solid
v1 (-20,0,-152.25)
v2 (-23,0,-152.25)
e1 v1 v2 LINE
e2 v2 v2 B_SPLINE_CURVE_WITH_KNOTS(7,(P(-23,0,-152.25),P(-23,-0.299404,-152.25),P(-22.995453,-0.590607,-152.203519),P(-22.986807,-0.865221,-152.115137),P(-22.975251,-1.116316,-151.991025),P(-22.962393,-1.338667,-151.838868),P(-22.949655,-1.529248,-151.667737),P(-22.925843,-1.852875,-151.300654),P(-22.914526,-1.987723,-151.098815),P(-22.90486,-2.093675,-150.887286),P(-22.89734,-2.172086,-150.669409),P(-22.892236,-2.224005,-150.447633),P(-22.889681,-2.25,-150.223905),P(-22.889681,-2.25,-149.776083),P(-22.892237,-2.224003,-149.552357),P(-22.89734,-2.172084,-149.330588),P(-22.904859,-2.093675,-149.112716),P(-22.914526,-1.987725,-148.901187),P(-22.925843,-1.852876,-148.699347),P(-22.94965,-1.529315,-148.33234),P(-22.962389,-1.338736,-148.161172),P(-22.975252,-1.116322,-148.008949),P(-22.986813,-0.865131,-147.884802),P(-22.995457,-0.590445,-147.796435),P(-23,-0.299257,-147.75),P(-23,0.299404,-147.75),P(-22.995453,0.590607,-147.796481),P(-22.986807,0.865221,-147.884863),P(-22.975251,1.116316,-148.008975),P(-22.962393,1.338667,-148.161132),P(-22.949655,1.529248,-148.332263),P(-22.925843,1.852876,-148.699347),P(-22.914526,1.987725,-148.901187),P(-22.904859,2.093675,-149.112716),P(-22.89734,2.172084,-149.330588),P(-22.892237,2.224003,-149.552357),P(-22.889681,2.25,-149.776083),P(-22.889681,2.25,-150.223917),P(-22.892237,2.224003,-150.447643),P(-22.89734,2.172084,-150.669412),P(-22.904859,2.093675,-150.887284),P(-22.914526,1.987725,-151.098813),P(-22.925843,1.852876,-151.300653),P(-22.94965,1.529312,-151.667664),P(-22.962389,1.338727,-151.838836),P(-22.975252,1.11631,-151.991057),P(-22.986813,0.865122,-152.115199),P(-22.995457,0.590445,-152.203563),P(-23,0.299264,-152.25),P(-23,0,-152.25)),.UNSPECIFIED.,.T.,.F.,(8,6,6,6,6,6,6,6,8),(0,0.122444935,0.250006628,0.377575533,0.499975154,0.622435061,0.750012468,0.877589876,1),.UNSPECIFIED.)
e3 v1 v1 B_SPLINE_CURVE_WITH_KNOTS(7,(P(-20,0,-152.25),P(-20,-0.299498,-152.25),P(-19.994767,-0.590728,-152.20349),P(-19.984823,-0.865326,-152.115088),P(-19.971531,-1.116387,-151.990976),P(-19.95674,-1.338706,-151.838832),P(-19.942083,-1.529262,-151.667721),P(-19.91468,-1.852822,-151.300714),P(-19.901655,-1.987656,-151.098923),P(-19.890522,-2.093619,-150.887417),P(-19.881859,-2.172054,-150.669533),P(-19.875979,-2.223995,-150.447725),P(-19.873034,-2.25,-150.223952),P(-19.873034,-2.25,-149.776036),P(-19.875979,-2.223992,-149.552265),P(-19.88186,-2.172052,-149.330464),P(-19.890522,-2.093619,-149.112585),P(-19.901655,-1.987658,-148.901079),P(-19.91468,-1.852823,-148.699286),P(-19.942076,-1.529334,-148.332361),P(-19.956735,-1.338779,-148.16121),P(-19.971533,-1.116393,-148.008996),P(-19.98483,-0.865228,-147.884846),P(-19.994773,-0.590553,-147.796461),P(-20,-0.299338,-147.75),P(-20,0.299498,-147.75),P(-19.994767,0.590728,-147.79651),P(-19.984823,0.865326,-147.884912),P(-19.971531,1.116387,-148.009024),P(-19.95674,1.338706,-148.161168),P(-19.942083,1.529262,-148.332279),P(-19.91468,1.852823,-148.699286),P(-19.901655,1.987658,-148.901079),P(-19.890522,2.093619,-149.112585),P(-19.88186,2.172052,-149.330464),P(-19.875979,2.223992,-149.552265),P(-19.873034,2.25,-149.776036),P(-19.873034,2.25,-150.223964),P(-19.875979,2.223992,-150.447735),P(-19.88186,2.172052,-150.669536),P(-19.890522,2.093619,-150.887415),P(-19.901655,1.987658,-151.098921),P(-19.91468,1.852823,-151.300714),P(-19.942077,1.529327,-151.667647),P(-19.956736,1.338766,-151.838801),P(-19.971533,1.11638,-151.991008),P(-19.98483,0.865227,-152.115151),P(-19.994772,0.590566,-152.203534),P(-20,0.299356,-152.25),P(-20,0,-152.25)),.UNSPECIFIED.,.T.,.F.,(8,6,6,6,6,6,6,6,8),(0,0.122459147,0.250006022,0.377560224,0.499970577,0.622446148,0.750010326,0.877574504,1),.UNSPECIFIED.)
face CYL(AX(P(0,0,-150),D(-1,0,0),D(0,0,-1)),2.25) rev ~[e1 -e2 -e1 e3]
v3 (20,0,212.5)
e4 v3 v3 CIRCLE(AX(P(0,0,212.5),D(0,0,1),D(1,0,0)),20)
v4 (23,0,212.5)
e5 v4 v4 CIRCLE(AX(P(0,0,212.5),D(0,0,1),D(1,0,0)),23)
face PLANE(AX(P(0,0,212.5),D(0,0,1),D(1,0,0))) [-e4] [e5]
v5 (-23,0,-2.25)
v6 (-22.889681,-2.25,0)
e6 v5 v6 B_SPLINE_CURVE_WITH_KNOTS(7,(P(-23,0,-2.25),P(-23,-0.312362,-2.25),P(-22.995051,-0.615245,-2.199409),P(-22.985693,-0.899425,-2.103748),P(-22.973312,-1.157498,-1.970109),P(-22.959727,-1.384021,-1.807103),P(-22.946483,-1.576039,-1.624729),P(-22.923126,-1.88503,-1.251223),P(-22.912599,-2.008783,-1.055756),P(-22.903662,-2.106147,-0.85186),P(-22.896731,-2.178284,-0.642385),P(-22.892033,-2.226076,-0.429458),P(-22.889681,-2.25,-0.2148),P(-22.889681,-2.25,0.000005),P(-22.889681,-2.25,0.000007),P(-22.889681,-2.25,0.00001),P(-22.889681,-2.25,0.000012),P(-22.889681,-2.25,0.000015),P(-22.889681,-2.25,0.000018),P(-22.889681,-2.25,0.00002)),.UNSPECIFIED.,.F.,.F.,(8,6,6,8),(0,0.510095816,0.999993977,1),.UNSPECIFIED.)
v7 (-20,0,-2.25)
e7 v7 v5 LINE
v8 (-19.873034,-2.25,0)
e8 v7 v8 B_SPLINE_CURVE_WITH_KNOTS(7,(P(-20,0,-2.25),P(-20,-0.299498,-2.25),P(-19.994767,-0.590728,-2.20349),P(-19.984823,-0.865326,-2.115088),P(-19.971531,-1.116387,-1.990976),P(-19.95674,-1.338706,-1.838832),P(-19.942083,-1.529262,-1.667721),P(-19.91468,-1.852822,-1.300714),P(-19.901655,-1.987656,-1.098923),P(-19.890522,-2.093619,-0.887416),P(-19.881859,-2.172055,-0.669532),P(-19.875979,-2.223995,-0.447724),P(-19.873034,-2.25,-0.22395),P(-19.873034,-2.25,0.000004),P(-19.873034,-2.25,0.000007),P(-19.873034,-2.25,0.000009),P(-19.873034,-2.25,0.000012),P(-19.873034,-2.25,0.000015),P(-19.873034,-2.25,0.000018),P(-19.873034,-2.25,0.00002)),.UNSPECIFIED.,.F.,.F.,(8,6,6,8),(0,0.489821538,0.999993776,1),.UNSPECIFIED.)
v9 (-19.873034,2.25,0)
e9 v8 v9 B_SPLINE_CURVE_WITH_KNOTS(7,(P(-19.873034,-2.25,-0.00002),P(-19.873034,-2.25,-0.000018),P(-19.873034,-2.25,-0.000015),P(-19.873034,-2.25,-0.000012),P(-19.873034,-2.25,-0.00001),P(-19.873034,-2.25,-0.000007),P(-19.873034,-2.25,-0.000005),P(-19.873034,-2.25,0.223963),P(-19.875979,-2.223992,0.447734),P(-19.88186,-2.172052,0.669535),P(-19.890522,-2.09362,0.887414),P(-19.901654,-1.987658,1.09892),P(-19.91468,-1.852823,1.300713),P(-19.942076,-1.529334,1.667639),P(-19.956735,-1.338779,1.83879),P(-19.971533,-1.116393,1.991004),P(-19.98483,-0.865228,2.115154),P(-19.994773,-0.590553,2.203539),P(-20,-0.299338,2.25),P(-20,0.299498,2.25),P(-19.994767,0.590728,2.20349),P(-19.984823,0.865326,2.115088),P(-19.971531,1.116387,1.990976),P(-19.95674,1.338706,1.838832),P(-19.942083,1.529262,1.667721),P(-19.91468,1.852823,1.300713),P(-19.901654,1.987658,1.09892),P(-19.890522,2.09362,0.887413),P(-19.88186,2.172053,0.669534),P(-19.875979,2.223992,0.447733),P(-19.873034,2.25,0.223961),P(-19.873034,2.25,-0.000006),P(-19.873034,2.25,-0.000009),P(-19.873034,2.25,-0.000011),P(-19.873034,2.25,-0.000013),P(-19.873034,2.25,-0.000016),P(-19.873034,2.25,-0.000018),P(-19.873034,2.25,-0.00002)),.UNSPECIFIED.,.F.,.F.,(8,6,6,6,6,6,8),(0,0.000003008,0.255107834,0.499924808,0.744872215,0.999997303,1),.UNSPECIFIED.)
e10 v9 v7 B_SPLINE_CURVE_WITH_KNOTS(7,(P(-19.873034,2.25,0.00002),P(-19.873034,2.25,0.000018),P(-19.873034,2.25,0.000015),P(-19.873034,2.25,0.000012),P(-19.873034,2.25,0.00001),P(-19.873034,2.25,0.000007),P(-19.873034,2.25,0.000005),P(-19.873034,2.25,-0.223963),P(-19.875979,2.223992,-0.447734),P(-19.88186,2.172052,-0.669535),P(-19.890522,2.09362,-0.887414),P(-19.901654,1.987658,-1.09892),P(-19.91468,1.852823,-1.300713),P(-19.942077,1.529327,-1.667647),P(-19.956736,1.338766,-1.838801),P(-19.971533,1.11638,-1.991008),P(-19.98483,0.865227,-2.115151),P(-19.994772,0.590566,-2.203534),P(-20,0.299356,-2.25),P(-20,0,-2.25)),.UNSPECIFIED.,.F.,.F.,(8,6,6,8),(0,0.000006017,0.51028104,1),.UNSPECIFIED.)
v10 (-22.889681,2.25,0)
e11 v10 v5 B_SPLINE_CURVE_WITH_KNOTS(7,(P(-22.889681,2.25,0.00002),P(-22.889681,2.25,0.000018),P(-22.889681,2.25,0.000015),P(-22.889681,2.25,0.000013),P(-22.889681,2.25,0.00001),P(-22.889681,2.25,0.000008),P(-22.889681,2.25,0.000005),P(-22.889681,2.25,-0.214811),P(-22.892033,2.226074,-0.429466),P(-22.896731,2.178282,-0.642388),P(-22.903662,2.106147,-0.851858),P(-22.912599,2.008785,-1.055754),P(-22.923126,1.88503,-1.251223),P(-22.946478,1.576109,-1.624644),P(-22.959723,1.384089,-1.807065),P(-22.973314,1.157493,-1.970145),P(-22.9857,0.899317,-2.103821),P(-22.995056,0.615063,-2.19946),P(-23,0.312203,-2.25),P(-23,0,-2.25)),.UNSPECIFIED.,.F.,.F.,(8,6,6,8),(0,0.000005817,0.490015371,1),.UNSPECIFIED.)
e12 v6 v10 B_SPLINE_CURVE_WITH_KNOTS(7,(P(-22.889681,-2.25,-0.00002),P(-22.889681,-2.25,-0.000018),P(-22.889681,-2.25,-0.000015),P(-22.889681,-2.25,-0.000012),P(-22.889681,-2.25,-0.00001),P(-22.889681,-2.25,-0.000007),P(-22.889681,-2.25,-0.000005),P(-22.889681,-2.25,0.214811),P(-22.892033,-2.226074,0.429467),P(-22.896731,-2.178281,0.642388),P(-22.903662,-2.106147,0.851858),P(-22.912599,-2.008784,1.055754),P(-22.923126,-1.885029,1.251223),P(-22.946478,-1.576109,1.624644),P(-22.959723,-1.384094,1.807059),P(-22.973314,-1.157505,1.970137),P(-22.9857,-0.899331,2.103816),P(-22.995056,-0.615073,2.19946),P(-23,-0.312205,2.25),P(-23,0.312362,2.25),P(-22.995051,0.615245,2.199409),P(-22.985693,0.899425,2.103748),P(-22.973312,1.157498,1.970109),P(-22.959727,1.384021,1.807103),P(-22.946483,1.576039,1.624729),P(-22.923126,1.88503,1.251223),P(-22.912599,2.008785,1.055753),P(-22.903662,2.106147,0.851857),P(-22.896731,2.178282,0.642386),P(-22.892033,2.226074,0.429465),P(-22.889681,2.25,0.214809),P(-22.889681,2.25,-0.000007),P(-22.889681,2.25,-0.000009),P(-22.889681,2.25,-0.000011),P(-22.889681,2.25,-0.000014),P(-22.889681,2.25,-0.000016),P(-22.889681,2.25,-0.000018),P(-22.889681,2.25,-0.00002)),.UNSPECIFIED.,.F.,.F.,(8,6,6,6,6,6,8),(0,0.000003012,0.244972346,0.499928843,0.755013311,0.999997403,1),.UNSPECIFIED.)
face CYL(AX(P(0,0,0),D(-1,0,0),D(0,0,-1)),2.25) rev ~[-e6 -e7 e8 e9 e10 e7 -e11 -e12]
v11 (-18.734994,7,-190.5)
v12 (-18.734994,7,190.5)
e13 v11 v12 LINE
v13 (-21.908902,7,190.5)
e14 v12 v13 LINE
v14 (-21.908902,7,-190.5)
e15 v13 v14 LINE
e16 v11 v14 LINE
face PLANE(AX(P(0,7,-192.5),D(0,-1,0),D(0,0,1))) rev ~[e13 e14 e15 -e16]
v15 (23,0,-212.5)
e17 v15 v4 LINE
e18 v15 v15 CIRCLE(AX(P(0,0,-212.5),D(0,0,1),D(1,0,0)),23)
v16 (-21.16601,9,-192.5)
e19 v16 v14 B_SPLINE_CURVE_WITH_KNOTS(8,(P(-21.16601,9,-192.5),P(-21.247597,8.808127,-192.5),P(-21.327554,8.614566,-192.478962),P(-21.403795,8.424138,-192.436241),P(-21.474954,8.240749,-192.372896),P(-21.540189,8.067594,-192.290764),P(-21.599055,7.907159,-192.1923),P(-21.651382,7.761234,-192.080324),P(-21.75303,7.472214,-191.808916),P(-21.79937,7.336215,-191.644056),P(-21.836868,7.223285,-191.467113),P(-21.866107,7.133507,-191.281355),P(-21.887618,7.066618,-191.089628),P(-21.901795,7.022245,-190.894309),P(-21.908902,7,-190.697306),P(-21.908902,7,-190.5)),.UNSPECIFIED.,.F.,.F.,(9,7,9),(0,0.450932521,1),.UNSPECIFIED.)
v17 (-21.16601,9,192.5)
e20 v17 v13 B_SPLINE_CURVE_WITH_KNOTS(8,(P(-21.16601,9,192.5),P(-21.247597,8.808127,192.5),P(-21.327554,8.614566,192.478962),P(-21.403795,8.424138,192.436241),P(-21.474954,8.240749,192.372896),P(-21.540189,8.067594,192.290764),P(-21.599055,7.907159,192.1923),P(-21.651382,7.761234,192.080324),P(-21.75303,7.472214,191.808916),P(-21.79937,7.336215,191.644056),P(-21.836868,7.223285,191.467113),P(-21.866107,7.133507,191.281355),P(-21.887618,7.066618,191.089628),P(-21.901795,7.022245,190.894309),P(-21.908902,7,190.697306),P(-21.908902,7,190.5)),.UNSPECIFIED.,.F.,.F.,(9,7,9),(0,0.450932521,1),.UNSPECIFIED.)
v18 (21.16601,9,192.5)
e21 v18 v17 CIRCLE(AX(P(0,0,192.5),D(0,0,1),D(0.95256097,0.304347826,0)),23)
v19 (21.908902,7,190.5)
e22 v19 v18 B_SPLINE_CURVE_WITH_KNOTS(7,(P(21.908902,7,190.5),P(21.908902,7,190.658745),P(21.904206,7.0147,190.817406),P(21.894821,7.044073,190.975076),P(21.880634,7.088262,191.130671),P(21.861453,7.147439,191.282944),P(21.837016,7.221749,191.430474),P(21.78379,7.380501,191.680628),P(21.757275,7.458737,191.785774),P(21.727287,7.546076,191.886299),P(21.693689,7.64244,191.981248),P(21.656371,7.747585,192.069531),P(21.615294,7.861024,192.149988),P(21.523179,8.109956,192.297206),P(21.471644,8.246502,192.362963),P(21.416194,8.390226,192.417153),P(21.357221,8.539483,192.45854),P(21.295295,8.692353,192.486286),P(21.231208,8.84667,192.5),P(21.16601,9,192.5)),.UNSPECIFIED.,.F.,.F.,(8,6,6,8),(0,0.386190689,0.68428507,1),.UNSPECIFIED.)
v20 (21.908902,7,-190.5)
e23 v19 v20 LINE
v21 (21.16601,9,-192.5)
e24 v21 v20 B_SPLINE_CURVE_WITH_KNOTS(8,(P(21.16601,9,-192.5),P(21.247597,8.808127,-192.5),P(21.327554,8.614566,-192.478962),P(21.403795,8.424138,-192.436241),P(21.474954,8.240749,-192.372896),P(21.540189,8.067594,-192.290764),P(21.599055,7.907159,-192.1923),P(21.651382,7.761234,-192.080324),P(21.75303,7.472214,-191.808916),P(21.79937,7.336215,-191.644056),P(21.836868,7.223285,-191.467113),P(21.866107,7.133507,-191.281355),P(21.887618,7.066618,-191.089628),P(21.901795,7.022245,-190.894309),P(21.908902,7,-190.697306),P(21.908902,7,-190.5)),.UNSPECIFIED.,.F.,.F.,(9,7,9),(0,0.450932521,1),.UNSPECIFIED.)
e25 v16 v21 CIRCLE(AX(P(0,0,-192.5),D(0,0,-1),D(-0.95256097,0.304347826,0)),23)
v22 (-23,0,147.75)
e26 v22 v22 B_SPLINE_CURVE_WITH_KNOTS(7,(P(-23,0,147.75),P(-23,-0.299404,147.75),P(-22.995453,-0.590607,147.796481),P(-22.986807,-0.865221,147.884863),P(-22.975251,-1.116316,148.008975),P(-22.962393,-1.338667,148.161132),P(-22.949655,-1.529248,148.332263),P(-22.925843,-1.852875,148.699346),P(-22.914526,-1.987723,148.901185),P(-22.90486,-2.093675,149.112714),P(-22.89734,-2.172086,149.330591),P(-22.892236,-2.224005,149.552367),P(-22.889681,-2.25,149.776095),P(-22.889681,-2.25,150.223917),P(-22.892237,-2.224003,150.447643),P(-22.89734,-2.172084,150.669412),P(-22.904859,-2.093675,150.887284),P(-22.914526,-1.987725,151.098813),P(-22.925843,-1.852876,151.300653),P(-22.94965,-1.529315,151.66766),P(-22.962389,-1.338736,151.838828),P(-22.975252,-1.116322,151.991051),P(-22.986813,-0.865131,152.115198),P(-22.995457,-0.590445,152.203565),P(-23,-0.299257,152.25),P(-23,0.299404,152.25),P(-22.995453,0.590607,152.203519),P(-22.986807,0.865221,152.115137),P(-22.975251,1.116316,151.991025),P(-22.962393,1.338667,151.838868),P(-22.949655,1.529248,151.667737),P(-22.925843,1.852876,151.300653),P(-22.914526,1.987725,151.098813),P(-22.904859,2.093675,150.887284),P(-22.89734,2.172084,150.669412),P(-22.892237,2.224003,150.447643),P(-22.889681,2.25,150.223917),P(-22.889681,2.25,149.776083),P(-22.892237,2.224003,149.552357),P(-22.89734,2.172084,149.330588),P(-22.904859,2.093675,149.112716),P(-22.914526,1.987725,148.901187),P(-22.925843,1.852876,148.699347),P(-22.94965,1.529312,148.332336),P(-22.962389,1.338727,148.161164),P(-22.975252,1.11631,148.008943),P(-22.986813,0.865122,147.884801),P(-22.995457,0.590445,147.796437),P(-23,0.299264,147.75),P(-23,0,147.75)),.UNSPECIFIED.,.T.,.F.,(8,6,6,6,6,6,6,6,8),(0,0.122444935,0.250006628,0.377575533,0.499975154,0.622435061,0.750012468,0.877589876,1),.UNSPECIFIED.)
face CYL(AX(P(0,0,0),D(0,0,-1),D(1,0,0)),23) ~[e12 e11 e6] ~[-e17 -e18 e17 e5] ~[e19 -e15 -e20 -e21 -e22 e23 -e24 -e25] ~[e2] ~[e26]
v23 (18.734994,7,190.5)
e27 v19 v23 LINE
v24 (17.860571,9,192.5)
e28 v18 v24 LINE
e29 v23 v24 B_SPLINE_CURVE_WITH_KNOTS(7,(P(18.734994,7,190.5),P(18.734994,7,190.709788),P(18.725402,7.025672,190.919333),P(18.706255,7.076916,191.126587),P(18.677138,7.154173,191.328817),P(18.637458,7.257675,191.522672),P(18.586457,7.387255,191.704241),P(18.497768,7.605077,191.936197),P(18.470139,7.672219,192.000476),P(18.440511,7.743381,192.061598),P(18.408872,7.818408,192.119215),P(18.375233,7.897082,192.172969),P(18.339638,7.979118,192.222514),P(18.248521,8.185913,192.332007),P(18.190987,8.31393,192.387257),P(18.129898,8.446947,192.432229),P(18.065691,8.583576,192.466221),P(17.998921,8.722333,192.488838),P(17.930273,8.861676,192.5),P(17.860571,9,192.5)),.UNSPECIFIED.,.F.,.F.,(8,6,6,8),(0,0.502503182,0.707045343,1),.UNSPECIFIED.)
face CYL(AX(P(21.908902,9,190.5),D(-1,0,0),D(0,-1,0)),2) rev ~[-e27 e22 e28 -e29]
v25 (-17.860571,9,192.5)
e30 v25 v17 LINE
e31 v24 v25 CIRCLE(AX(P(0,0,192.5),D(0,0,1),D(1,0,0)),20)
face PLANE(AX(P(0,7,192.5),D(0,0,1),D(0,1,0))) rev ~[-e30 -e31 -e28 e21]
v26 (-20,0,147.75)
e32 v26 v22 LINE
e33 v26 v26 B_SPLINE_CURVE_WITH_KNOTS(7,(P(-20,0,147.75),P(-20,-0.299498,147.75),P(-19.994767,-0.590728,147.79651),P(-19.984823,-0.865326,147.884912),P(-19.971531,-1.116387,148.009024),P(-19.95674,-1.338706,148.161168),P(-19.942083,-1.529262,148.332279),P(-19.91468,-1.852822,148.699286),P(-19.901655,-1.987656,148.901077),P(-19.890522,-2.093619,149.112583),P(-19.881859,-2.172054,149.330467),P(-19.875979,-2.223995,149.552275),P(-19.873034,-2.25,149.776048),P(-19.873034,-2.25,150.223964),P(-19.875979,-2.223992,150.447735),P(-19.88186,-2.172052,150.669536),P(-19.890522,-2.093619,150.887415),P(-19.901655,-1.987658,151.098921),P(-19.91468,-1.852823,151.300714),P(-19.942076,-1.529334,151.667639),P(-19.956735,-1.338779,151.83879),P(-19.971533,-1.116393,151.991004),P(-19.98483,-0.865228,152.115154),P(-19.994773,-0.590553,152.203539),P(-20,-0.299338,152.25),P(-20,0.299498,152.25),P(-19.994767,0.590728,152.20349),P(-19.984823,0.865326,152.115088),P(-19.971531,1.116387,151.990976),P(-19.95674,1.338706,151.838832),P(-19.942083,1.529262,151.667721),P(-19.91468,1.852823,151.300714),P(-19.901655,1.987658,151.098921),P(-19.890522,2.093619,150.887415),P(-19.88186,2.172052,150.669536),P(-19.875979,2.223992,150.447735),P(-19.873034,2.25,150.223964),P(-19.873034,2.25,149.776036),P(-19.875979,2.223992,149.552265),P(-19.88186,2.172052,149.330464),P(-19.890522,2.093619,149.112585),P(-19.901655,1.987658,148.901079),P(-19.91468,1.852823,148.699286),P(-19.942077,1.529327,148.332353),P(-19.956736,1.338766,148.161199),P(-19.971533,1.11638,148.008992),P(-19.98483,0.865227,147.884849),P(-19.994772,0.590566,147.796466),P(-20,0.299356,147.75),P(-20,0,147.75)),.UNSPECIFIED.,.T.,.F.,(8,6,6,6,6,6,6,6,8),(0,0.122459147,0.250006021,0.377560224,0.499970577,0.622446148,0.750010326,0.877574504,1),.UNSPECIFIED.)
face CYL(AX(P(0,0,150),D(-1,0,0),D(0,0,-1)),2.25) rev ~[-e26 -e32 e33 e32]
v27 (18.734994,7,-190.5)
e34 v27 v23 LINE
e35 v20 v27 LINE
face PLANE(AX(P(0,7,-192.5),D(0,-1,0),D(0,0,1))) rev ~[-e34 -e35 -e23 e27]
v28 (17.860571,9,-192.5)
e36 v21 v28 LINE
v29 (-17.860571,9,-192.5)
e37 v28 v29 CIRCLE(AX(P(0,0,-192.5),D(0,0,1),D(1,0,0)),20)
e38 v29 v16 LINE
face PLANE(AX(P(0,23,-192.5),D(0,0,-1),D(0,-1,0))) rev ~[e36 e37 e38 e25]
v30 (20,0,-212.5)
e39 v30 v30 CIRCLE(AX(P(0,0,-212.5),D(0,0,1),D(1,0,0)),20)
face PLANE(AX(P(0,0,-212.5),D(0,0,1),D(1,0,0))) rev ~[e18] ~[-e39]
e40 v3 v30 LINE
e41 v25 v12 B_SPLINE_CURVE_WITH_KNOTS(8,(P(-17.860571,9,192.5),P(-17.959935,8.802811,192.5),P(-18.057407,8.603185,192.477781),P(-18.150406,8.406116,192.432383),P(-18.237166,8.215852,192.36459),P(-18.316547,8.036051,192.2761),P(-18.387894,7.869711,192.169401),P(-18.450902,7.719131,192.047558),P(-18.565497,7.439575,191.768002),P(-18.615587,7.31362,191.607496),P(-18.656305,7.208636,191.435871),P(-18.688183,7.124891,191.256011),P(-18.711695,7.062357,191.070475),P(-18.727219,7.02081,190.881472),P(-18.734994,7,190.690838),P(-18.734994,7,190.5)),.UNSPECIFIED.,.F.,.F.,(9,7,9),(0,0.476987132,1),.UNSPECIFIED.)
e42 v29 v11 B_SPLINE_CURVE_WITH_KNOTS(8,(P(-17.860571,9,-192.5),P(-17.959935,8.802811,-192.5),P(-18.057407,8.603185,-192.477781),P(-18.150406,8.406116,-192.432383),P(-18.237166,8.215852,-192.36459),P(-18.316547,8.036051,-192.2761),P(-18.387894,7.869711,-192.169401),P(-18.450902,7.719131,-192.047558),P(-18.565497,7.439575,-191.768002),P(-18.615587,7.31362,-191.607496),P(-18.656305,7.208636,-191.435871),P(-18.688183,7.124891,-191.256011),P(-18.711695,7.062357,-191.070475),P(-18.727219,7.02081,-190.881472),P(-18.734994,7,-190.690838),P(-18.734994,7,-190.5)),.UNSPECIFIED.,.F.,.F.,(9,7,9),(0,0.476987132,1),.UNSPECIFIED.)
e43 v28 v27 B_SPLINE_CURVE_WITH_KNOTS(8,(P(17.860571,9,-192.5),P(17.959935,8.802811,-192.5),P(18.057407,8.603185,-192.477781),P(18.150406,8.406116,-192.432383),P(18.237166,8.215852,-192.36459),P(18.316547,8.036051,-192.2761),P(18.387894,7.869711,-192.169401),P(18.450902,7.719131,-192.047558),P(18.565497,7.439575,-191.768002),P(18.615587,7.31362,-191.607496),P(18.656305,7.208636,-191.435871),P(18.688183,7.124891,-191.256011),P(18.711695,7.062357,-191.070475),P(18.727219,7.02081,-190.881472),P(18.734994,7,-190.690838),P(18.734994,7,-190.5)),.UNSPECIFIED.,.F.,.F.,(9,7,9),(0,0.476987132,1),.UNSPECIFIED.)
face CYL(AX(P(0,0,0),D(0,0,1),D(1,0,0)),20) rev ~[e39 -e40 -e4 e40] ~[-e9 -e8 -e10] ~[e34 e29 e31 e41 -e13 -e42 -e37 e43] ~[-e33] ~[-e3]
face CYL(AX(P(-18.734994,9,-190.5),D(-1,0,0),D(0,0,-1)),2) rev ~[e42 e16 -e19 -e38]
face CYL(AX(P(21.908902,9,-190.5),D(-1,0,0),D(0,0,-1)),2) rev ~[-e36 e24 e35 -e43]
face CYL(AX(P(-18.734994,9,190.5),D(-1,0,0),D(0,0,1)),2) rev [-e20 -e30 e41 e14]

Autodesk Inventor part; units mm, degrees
ref_plane "YZ Plane" through (0, 0, 0) normal (1, 0, 0) x (0, 1, 0)
ref_plane "XZ Plane" through (0, 0, 0) normal (0, 1, 0) x (-1, 0, 0)
ref_plane "XY Plane" through (0, 0, 0) normal (0, 0, 1) x (1, 0, 0)
sketch "Sketch1" plane through (0, 0, 0) normal (0, 0, 1) x (1, 0, 0)
  circle A0 centre (0, 0) radius 20
  circle A1 centre (0, 0) radius 23
  dimension "d0" = 40
  dimension "d1" = 46
extrude "Extrusion1" add sketch "Sketch1" along normal mid plane 425
sketch "Sketch2" plane through (0, 0, 0) normal (1, 0, 0) x (0, 1, 0)
  line L0 (0, 280) -> (0, -280) projected
  line L1 (-280, 0) -> (280, 0) projected
  point P0 (0, 0)
  point P1 (0, 150)
  point P2 (0, 0)
  point P3 (0, -150)
  dimension "d4" = 150
  dimension "d5" = 150
hole "Hole1" at (0, 0, 150) at (0, 0, 0) at (0, 0, -150) direction (-1, 0, 0) diameter 4.5 end through all clearance for "Flat Head Machine Screw" size "M4" standard "Ansi Metric M Profile"
sketch "Sketch3" plane through (0, 0, 0) normal (1, 0, 0) x (0, 1, 0)
  line L0 (23, -192.5) -> (7, -192.5)
  line L1 (7, -192.5) -> (7, 192.5)
  line L2 (7, 192.5) -> (23, 192.5)
  line L3 (23, 192.5) -> (23, -192.5)
  line L4 (23, 212.5) -> (-23, 212.5) projected
  line L5 (-23, -212.5) -> (23, -212.5) projected
  line L6 (0, 364) -> (0, -364) projected
  point P0 (0, 0)
  dimension "d13" = 20
  dimension "d14" = 20
  dimension "d15" = 7
extrude "Extrusion2" cut sketch "Sketch3" along normal through all both and the other way through all
fillet "Fillet1" radius 2 4 edges at (20.3219, 7, -192.5) (-20.3219, 7, -192.5) (20.3219, 7, 192.5) (-20.3219, 7, 192.5)
equation "\"d5\" = d4"
properties part number "Pancake_Tilt Pipe_4 Lanes" material "PVC-Piping"
